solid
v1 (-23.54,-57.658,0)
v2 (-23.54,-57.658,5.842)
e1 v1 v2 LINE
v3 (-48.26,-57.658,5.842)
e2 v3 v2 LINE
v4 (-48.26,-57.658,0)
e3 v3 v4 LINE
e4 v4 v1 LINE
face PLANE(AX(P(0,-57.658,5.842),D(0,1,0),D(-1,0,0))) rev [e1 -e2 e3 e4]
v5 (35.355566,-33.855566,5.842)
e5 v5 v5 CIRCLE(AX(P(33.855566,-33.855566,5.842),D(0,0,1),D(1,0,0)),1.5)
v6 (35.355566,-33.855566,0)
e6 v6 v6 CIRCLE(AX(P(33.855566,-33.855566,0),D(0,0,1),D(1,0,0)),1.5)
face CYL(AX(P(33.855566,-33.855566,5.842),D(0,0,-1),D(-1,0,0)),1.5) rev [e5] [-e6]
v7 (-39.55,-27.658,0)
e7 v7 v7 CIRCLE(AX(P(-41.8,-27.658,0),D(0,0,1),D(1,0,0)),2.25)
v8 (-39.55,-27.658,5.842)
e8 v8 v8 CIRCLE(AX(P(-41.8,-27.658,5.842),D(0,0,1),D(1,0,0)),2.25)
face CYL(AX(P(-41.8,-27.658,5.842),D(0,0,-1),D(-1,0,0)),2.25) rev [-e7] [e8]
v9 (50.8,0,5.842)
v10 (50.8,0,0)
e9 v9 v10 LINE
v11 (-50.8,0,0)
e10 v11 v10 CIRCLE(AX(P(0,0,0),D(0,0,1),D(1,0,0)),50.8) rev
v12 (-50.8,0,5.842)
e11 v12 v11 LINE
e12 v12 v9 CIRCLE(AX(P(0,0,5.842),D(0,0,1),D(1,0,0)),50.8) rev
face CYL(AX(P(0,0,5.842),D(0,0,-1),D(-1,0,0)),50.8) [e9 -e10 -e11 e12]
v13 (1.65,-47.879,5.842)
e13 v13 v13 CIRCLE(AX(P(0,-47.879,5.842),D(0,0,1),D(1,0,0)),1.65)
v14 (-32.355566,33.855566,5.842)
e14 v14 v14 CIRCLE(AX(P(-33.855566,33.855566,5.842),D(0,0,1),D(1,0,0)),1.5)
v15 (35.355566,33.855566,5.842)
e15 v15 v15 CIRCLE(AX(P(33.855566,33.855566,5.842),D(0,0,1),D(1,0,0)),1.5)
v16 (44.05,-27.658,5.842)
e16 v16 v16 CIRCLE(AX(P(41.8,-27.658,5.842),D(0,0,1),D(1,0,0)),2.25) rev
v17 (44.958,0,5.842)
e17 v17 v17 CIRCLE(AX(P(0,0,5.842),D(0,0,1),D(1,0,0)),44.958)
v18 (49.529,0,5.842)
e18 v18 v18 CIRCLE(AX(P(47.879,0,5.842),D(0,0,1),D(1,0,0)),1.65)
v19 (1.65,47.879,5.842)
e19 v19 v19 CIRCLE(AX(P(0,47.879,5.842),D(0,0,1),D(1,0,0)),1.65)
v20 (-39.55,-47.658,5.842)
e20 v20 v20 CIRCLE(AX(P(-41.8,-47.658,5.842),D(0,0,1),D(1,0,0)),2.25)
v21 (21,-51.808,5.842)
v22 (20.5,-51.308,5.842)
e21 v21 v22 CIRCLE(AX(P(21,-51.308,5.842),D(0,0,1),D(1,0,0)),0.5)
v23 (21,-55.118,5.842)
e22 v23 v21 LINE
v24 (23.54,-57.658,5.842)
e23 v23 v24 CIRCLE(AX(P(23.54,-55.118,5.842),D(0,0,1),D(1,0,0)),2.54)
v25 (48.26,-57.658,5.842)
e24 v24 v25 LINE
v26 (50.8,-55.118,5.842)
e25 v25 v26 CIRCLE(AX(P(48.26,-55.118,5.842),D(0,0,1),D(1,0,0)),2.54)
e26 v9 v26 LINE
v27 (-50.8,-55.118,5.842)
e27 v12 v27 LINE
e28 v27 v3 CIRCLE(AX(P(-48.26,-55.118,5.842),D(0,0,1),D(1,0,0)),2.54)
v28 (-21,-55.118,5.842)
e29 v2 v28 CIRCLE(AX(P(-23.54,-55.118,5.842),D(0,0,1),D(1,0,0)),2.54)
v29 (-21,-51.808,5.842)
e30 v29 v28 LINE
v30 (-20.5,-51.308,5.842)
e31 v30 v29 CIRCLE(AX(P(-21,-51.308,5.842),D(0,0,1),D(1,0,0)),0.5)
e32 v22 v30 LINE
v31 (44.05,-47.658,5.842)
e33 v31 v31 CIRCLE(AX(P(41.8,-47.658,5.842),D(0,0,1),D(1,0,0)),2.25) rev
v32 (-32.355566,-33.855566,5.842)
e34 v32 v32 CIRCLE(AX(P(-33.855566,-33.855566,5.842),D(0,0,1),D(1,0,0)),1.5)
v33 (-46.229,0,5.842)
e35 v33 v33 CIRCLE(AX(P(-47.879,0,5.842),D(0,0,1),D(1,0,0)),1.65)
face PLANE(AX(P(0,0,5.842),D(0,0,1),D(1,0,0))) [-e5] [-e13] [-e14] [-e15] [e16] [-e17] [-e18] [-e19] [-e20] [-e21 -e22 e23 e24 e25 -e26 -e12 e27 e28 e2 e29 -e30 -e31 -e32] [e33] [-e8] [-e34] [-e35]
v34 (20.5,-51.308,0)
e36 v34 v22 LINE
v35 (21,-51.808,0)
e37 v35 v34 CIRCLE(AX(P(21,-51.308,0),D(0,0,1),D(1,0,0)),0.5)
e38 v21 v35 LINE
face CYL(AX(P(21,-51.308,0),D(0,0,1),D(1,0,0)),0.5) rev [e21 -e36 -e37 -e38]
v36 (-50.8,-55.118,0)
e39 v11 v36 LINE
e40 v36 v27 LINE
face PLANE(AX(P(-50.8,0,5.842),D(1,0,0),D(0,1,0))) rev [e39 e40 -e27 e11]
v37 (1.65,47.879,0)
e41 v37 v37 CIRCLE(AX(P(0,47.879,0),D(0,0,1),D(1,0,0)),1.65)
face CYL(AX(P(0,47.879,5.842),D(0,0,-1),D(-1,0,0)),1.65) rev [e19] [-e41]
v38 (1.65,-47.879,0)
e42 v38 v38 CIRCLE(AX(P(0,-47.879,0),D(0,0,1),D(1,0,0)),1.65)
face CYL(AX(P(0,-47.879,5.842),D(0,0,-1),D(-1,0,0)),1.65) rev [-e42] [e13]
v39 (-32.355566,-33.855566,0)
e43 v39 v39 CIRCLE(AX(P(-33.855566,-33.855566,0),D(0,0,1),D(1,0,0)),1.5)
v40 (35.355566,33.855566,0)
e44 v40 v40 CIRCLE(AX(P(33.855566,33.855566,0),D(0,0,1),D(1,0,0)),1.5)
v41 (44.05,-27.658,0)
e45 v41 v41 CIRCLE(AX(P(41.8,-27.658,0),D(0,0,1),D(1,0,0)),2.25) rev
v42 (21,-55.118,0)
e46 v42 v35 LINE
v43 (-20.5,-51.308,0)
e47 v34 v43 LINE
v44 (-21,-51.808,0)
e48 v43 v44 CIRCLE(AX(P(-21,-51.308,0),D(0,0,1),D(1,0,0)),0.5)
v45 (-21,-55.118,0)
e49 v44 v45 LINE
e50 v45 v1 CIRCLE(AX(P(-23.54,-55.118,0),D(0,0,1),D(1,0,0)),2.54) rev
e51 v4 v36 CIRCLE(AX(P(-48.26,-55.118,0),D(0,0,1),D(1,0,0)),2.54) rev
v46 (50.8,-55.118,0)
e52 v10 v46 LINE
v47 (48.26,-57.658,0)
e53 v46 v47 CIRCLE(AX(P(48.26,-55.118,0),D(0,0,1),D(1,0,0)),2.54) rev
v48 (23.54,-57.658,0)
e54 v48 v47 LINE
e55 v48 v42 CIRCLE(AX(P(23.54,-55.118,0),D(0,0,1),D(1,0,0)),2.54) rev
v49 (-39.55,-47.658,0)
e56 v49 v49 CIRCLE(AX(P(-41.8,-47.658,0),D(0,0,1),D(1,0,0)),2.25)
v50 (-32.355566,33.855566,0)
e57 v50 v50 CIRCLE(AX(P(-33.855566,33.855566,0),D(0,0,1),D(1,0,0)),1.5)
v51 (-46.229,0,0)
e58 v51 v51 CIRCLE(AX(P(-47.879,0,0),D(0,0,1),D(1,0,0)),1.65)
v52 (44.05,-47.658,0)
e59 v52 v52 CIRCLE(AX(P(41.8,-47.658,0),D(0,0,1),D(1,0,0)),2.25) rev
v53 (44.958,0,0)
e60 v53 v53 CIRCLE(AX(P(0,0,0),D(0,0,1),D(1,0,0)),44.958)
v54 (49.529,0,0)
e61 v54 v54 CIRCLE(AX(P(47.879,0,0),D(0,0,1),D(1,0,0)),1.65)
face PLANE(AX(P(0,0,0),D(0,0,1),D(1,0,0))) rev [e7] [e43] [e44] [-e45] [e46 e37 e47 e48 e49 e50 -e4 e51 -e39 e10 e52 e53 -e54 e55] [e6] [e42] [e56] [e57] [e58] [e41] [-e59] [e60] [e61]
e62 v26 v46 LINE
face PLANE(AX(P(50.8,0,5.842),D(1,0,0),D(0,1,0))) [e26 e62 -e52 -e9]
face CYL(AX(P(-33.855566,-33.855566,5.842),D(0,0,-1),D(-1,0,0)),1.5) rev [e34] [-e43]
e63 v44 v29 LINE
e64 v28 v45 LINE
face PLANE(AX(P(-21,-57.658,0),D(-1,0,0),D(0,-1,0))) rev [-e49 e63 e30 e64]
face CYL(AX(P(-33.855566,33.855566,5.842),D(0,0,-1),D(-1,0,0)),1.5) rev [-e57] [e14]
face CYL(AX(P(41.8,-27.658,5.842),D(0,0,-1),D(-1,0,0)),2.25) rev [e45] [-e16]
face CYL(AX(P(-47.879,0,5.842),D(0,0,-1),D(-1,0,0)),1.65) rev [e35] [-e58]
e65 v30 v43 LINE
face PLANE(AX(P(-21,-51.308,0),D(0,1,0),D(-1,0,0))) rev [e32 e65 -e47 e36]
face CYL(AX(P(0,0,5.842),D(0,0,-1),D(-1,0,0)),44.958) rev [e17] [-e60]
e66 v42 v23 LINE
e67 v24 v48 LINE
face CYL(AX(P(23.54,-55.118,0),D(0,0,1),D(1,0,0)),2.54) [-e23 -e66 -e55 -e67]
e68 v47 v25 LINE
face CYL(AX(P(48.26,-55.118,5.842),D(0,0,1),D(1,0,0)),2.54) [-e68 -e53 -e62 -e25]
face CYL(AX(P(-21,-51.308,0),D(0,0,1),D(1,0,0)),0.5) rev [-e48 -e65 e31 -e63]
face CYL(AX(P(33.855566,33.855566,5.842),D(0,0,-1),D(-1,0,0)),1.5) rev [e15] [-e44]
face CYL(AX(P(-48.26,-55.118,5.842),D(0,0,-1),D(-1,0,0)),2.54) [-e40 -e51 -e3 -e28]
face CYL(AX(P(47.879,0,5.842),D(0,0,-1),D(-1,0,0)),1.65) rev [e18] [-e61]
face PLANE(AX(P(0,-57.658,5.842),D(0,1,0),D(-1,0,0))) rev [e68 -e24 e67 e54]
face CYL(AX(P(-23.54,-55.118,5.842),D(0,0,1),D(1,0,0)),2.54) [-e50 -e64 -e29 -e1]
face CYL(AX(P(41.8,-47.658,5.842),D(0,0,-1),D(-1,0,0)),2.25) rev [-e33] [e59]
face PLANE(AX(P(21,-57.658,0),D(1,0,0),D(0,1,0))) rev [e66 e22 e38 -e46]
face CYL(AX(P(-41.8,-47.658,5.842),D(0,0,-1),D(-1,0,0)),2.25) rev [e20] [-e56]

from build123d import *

# Parameters (mm, degrees)
SKETCH1_R           = 2.25
SKETCH1_R_2         = 44.958
SKETCH1_R_3         = 1.65
SKETCH1_R_4         = 1.5
BOSS_EXTRUDE1_DEPTH = 5.842
SKETCH2_W           = 42
SKETCH2_H           = 6.35
CUT_EXTRUDE1_DEPTH  = 78.066295668
SKETCH3_R           = 0.5
CUT_EXTRUDE2_DEPTH  = 78.066295668
FILLET1_R           = 2.54


with BuildPart() as part:
    # Sketch1 → Boss-Extrude1 (new body)
    with BuildSketch(Plane.XY):
        with BuildLine():
            Line((-50.8, 0), (-50.8, -57.658))
            Line((-50.8, -57.658), (50.8, -57.658))
            Line((50.8, -57.658), (50.8, 0))
            ThreePointArc((50.8, 0), (0, 50.8), (-50.8, 0))
        make_face()
        with Locations((41.8, -47.658)):
            Circle(SKETCH1_R, mode=Mode.SUBTRACT)
        Circle(SKETCH1_R_2, mode=Mode.SUBTRACT)
        with Locations((-47.879, 0)):
            Circle(SKETCH1_R_3, mode=Mode.SUBTRACT)
        with Locations((0, 47.879)):
            Circle(SKETCH1_R_3, mode=Mode.SUBTRACT)
        with Locations((41.8, -27.658)):
            Circle(SKETCH1_R, mode=Mode.SUBTRACT)
        with Locations((47.879, 0)):
            Circle(SKETCH1_R_3, mode=Mode.SUBTRACT)
        with Locations((0, -47.879)):
            Circle(SKETCH1_R_3, mode=Mode.SUBTRACT)
        with Locations((-41.8, -27.658)):
            Circle(SKETCH1_R, mode=Mode.SUBTRACT)
        with Locations((-33.855565576, 33.855565576)):
            Circle(SKETCH1_R_4, mode=Mode.SUBTRACT)
        with Locations((33.855565576, 33.855565576)):
            Circle(SKETCH1_R_4, mode=Mode.SUBTRACT)
        with Locations((33.855565576, -33.855565576)):
            Circle(SKETCH1_R_4, mode=Mode.SUBTRACT)
        with Locations((-33.855565576, -33.855565576)):
            Circle(SKETCH1_R_4, mode=Mode.SUBTRACT)
        with Locations((-41.8, -47.658)):
            Circle(SKETCH1_R, mode=Mode.SUBTRACT)
    extrude(amount=BOSS_EXTRUDE1_DEPTH)

    # Sketch2 → Cut-Extrude1 (cut, through all)
    with BuildSketch(Plane.XY.offset(5.842)):
        with Locations((0, -54.483)):
            Rectangle(SKETCH2_W, SKETCH2_H)
    extrude(amount=-CUT_EXTRUDE1_DEPTH, mode=Mode.SUBTRACT)

    # Sketch3 → Cut-Extrude2 (cut, through all)
    with BuildSketch(Plane.XY.offset(5.842)):
        with Locations((-21, -51.308)):
            Circle(SKETCH3_R)
        with Locations((21, -51.308)):
            Circle(SKETCH3_R)
    extrude(amount=-CUT_EXTRUDE2_DEPTH, mode=Mode.SUBTRACT)

    # Fillet1
    fillet1_edges = [part.edges().sort_by_distance(p)[0] for p in [
        (50.8, -57.658, 2.921),
        (-50.8, -57.658, 2.921),
        (-21, -57.658, 2.921),
        (21, -57.658, 2.921),
    ]]
    fillet(fillet1_edges, radius=FILLET1_R)


solid = part.part
